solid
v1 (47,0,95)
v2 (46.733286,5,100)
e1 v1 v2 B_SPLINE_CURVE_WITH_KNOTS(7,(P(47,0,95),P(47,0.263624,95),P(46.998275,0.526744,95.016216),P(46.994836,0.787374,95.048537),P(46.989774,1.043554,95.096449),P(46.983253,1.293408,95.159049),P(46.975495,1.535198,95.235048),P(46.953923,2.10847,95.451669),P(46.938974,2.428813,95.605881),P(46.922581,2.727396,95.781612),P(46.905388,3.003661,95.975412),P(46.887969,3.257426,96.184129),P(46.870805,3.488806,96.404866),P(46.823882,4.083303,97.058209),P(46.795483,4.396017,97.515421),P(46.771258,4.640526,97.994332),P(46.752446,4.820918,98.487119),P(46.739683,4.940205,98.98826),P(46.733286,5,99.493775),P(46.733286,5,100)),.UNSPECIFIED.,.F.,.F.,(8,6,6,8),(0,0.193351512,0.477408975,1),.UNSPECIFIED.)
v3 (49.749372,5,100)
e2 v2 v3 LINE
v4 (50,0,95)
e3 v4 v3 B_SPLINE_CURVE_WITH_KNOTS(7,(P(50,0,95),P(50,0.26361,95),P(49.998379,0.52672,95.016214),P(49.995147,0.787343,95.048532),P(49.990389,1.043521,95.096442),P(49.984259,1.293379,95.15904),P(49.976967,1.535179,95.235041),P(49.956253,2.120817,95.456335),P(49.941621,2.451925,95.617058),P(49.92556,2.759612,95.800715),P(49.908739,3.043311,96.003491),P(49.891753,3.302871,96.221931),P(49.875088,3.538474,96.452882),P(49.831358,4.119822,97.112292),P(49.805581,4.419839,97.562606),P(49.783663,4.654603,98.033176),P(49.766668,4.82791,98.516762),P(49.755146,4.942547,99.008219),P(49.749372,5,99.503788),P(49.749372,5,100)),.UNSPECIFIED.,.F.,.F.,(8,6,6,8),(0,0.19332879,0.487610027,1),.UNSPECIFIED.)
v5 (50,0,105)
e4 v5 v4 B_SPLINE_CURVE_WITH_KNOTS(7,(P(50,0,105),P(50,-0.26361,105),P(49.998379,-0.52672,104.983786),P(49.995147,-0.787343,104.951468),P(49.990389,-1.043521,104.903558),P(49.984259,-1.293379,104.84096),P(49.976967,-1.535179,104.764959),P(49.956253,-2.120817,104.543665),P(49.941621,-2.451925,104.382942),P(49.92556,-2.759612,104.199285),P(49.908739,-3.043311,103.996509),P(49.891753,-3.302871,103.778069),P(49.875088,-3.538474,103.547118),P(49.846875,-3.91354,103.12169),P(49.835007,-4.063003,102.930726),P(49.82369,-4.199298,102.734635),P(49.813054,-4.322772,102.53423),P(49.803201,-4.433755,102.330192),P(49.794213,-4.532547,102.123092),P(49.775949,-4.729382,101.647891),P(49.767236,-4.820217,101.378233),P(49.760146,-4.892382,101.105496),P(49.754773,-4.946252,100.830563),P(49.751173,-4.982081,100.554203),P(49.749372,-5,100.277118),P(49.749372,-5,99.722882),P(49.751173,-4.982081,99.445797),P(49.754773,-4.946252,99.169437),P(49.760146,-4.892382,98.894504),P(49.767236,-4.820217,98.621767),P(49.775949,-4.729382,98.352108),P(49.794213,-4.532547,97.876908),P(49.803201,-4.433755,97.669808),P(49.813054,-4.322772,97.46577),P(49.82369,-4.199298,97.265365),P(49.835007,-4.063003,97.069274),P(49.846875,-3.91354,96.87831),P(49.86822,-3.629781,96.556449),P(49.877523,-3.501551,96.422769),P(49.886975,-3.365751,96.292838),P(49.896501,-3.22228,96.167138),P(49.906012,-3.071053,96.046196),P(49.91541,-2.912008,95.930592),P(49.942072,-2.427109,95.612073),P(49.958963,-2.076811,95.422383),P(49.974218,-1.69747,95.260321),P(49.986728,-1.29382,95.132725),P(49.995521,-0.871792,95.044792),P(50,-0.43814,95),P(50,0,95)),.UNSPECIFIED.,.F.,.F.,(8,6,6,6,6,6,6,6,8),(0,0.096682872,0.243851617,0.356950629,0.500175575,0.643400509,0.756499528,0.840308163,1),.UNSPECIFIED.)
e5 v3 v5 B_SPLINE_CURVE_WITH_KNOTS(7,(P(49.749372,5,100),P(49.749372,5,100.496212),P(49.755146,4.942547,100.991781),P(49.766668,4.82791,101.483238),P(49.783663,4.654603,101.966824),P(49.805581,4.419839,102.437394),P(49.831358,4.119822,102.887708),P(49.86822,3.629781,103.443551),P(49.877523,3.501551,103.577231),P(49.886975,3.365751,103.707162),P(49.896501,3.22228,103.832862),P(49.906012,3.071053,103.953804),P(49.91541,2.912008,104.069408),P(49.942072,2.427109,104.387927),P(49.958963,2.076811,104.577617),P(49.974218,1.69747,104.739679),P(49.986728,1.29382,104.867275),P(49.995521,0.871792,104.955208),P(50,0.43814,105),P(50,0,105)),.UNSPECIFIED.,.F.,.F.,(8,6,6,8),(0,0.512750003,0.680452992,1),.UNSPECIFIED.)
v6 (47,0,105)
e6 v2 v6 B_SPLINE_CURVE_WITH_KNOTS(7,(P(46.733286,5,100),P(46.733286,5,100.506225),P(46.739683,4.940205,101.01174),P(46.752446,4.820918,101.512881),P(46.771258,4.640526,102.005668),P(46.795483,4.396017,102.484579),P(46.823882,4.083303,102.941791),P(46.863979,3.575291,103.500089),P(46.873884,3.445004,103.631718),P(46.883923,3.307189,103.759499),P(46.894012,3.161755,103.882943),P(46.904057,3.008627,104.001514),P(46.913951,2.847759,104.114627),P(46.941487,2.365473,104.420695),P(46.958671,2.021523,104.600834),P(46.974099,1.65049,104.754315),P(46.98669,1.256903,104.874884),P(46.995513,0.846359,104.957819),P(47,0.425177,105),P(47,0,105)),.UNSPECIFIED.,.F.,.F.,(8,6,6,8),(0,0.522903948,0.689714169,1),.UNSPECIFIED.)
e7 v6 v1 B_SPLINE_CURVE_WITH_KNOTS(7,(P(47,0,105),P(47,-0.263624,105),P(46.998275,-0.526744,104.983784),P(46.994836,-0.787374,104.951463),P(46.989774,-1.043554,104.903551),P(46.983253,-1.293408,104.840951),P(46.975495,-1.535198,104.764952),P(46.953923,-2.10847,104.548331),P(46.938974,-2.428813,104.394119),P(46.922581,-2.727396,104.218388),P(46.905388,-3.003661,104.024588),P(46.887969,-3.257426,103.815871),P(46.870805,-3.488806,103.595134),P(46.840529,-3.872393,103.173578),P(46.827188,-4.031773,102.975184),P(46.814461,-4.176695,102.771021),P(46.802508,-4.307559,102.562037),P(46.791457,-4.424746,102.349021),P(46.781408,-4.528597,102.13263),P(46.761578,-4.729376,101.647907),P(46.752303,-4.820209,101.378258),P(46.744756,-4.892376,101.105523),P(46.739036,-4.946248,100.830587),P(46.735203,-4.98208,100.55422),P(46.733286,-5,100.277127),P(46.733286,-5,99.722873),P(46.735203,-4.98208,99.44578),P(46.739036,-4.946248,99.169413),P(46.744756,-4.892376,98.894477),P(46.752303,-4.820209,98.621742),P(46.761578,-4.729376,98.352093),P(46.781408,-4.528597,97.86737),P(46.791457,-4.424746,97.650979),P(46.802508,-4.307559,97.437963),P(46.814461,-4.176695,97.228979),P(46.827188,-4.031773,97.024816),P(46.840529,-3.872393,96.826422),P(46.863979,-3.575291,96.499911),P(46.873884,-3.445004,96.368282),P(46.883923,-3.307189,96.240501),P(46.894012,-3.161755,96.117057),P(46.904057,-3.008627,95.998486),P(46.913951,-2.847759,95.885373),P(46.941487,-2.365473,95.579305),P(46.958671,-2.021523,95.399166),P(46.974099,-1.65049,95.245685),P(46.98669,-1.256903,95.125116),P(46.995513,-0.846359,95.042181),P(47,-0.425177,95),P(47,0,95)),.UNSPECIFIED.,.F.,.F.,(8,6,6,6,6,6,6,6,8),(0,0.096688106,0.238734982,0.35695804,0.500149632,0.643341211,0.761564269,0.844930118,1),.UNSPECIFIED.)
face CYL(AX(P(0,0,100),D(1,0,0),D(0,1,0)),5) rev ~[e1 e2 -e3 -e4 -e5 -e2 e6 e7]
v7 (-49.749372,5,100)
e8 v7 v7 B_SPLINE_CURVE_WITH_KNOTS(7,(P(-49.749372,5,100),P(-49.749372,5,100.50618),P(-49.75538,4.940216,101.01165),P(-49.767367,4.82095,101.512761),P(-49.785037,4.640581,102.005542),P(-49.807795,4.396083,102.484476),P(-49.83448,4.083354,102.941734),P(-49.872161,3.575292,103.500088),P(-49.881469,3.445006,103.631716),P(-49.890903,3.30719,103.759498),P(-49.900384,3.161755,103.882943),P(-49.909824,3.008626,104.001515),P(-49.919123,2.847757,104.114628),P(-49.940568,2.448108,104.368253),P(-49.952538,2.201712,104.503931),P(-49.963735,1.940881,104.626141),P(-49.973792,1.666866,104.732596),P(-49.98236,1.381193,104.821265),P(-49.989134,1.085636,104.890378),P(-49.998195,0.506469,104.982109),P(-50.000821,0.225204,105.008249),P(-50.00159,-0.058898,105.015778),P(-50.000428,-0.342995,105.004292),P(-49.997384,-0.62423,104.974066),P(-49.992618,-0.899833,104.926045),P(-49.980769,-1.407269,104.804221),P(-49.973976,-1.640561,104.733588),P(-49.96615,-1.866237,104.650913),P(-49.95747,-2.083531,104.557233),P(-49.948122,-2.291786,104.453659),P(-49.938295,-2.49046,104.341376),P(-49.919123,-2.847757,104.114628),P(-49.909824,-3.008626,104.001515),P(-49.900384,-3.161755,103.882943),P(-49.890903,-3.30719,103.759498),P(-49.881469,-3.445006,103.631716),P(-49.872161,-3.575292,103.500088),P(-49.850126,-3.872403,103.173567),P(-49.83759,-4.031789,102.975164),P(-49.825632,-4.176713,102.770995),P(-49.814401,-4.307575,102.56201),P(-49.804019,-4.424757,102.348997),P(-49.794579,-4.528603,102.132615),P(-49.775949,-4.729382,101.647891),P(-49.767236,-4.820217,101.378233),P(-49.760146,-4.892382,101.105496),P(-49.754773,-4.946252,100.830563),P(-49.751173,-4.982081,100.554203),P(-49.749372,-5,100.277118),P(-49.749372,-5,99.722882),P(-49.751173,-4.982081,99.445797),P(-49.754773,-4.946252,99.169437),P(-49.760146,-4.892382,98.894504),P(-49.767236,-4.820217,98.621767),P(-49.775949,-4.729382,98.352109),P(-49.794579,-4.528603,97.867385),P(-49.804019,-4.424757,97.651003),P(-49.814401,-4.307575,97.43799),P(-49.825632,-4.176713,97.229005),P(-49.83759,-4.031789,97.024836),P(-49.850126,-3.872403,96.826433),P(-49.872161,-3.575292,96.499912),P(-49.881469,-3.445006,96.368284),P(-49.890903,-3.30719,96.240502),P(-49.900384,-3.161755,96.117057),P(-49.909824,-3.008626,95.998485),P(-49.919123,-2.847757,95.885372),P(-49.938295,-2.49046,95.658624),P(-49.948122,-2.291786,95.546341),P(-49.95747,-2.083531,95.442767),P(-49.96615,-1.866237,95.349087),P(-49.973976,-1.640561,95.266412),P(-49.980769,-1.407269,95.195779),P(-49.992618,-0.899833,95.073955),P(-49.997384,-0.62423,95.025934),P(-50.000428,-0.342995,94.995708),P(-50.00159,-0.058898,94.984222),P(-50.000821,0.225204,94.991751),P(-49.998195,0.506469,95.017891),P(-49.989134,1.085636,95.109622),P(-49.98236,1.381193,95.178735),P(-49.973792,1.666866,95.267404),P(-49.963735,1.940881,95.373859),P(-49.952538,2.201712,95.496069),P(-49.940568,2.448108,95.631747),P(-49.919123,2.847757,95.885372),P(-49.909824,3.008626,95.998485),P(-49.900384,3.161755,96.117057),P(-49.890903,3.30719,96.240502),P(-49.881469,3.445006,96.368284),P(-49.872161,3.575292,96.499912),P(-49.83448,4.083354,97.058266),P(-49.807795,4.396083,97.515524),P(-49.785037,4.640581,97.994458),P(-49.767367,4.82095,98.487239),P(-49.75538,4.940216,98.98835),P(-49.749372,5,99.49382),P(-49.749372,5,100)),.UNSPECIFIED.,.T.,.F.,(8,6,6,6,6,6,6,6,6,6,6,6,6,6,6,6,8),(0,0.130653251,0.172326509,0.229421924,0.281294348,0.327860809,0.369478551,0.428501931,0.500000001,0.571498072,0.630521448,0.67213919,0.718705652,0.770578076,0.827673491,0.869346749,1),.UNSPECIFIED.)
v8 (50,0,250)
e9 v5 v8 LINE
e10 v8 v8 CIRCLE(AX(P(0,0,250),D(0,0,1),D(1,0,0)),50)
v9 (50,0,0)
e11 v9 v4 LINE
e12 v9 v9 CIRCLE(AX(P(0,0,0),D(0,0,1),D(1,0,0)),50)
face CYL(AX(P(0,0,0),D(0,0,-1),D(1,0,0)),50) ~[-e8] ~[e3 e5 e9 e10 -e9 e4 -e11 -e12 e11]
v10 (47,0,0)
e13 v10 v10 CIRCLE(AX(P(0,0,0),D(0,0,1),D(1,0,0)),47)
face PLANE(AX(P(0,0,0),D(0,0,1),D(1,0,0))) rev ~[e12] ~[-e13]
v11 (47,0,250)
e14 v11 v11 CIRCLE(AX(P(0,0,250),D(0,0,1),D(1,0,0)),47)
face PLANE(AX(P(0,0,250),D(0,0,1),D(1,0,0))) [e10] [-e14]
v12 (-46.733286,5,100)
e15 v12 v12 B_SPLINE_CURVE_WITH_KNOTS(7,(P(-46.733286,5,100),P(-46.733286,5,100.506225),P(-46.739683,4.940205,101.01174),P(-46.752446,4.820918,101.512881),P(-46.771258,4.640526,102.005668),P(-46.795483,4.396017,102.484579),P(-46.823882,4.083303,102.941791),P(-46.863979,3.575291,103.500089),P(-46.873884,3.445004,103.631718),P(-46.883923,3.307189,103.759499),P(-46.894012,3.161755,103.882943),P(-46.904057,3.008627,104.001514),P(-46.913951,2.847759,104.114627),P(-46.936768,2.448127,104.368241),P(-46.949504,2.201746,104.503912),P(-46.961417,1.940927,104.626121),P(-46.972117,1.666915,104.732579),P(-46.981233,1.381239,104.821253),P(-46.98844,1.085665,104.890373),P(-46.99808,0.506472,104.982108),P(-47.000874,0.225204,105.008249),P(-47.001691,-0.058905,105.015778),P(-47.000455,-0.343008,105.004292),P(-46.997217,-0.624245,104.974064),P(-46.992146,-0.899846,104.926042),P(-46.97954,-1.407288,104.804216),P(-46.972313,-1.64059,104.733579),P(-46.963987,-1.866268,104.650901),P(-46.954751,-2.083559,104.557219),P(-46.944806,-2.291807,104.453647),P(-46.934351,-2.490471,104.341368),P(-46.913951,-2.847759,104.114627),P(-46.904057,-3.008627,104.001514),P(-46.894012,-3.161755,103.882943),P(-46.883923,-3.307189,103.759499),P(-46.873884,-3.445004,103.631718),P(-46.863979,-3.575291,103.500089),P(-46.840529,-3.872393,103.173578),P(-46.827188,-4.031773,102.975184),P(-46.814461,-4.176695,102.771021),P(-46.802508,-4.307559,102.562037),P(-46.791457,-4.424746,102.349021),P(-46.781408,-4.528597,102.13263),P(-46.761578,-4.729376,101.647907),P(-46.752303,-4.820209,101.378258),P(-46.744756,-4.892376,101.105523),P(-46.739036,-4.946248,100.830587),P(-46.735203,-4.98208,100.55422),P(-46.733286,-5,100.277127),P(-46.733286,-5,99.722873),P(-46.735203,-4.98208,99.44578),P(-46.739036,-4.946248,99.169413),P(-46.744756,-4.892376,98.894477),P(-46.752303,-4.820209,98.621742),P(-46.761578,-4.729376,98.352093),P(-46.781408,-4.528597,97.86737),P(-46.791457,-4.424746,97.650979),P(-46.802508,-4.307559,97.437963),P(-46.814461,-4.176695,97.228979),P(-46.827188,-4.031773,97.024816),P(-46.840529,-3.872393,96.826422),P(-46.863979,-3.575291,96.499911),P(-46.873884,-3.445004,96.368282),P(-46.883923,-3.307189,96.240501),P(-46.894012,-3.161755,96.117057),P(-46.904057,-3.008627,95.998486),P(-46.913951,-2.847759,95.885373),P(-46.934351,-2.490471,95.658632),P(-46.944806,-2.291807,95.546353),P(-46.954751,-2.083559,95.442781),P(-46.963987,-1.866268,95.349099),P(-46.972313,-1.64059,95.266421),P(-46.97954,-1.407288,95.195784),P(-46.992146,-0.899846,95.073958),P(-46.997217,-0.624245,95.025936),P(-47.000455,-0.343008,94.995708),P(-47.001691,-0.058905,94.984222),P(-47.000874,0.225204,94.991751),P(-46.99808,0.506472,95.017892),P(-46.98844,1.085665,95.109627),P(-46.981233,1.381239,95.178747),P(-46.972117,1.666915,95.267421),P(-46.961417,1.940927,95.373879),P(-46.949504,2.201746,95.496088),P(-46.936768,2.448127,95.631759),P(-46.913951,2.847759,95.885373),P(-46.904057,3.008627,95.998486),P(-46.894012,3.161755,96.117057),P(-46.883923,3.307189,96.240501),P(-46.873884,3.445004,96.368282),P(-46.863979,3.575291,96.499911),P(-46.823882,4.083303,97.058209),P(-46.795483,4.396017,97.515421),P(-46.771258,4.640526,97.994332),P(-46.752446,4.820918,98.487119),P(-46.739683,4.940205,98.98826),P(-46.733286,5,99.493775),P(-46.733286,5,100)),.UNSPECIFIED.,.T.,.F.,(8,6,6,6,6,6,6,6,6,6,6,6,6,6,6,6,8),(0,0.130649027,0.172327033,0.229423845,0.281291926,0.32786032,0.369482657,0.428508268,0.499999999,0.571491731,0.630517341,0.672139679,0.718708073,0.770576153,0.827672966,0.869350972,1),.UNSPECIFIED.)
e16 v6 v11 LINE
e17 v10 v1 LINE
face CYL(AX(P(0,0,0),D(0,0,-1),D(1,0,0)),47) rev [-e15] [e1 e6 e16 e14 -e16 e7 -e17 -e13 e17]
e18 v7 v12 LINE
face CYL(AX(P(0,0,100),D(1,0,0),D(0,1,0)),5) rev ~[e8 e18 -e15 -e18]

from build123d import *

# Parameters (mm, degrees)
F0_R     = 50
F0_R_2   = 47
F1_DEPTH = 250
F2_R     = 5
F3_DEPTH = 100


with BuildPart() as f1:
    # F0 (on Top) → F1 (new body)
    with BuildSketch(Plane.XY):
        Circle(F0_R)
        Circle(F0_R_2, mode=Mode.SUBTRACT)
    extrude(amount=F1_DEPTH)

    # F2 (on Right) → F3 (cut, symmetric)
    with BuildSketch(Plane.YZ):
        with Locations((0, 100)):
            Circle(F2_R)
    extrude(amount=F3_DEPTH, both=True, mode=Mode.SUBTRACT)


solid = f1.part
